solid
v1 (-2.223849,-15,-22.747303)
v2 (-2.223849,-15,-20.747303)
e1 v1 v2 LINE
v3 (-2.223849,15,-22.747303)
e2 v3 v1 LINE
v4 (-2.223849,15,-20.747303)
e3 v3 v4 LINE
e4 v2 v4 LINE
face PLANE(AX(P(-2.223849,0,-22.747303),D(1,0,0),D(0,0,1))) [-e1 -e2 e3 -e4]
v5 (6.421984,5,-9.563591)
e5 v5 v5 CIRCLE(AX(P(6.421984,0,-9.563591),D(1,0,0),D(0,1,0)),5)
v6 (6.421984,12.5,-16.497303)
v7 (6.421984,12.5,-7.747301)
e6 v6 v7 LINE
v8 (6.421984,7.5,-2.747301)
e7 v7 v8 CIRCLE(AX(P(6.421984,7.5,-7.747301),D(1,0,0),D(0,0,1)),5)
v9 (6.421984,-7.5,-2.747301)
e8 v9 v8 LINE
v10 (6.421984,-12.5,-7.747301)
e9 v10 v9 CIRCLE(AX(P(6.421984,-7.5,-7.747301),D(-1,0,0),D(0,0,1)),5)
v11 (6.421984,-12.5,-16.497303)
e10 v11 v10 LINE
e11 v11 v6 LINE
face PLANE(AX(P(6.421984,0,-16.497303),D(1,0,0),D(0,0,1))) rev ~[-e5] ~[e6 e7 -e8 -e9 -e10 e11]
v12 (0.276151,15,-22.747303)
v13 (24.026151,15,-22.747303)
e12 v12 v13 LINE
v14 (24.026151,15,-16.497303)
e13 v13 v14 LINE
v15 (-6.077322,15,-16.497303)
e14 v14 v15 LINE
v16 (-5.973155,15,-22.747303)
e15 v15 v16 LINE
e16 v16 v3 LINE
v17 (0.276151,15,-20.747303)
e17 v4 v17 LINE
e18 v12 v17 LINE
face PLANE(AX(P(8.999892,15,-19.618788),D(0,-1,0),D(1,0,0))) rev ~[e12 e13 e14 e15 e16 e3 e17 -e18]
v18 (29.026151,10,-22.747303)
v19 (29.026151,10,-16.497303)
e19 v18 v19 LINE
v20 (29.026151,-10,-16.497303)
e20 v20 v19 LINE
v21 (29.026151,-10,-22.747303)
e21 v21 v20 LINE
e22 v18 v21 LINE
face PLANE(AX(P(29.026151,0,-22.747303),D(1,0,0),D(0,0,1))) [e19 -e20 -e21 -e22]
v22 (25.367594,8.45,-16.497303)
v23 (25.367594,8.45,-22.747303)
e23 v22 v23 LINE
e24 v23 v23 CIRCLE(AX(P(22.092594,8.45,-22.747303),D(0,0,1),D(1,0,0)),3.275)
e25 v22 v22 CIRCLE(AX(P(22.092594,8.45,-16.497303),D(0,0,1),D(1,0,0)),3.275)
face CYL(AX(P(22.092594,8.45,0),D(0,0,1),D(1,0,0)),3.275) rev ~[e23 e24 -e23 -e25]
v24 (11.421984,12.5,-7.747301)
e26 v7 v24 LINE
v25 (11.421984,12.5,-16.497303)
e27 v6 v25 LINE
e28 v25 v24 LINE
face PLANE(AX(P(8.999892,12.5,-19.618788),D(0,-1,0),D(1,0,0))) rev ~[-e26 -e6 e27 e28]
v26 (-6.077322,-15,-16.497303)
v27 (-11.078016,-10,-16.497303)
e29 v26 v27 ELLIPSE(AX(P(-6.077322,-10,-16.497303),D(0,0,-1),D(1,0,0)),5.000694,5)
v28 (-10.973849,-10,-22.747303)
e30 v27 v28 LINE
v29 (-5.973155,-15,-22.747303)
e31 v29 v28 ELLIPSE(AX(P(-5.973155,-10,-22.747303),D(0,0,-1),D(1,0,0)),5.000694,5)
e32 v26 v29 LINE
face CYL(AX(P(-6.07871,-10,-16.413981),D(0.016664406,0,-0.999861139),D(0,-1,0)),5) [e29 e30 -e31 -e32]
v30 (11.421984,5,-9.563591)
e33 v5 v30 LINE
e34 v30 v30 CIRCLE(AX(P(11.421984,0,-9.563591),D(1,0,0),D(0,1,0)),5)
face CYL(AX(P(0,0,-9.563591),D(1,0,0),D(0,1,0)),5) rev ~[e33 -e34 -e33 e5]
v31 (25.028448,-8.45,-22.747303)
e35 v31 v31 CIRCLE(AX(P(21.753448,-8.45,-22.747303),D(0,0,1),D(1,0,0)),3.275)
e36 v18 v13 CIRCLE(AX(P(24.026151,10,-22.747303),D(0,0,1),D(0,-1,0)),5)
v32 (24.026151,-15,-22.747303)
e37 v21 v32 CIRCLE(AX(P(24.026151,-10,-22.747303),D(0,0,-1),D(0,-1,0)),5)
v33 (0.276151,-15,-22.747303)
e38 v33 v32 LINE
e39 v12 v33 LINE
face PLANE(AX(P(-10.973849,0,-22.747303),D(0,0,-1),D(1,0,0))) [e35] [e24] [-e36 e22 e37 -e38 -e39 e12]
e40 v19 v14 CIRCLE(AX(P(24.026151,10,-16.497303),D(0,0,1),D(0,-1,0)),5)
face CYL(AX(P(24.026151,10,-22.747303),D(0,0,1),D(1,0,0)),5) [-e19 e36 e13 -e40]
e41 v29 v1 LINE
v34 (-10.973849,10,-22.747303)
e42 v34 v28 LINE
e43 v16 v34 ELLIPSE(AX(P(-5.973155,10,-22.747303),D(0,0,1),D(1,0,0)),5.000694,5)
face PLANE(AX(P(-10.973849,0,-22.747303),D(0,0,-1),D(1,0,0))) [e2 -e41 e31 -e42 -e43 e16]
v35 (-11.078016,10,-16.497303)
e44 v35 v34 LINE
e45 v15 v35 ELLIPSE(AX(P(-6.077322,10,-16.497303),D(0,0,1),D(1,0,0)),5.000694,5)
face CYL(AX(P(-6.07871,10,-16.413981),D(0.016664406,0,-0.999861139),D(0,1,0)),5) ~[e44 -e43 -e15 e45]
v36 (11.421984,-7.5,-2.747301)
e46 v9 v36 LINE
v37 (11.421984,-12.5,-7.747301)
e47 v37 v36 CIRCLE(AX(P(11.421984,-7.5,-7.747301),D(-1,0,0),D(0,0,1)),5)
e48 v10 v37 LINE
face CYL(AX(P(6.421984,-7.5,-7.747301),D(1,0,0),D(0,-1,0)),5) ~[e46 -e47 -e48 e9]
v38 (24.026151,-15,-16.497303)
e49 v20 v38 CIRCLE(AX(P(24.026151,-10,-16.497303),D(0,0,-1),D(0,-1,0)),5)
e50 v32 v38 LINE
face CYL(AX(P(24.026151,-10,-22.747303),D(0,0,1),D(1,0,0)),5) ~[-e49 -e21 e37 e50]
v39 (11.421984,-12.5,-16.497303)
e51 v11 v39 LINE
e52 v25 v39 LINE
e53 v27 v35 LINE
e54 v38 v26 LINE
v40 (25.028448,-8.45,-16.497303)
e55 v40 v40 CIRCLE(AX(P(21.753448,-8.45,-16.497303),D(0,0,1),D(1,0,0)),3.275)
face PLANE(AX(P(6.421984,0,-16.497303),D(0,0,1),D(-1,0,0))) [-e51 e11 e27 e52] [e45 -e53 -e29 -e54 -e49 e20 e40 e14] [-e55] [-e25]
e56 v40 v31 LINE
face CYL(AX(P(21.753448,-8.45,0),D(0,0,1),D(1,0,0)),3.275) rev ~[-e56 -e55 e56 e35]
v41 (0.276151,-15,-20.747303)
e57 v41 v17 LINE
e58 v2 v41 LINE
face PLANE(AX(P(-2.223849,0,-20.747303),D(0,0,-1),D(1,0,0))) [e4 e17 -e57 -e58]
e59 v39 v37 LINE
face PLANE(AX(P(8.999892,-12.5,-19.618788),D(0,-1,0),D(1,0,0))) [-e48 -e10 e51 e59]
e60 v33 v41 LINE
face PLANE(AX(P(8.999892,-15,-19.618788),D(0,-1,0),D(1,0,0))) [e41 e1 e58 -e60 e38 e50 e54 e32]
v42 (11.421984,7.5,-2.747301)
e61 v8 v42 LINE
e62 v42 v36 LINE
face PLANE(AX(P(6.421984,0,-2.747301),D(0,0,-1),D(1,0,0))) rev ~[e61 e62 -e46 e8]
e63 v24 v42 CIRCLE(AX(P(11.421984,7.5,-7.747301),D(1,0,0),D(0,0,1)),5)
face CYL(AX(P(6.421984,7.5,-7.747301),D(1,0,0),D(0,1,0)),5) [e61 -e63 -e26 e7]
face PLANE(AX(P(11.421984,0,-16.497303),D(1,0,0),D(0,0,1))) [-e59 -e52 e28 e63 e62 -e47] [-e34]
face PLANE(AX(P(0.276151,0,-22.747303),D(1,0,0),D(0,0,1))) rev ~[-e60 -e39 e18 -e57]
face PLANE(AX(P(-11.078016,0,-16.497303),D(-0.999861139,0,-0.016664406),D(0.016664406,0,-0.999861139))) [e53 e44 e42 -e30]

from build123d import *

# Parameters (mm, degrees)
F1_DEPTH  = 15
F0_W      = 5
F0_H      = 13.750002
F2_DEPTH  = 12.5
F4_R      = 5
F5_R      = 5
F6_R      = 5
F7_R      = 3.275
F8_DEPTH  = 25
F3_W      = 2.5
F3_H      = 2
F9_DEPTH  = 50
F10_R     = 5
F11_DEPTH = 30


with BuildPart() as f1:
    # F0 (on Front) → F1 (new body, symmetric)
    with BuildSketch(Plane.XZ):
        Polygon((6.421984, -16.497303), (-11.078016, -16.497303), (-10.973849, -22.747303), (29.026151, -22.747303), (29.026151, -16.497303), (11.421984, -16.497303), align=None)
    extrude(amount=F1_DEPTH, both=True)

    # F0 (on Front) → F2 (join, symmetric)
    with BuildSketch(Plane.XZ):
        Polygon((6.421984, -16.497303), (-11.078016, -16.497303), (-10.973849, -22.747303), (29.026151, -22.747303), (29.026151, -16.497303), (11.421984, -16.497303), align=None)
        with Locations((8.921984, -9.622302)):
            Rectangle(F0_W, F0_H)
    extrude(amount=F2_DEPTH, both=True)

    # F4
    f4_edges = [f1.edges().sort_by_distance(p)[0] for p in [
        (29.026151, -15, -19.622303),
    ]]
    fillet(f4_edges, radius=F4_R)

    # F5
    f5_edges = [f1.edges().sort_by_distance(p)[0] for p in [
        (29.026151, 15, -19.622303),
        (-11.025932, -15, -19.622303),
        (-11.025932, 15, -19.622303),
    ]]
    fillet(f5_edges, radius=F5_R)

    # F6
    f6_edges = [f1.edges().sort_by_distance(p)[0] for p in [
        (8.921984, 12.5, -2.747301),
        (8.921984, -12.5, -2.747301),
    ]]
    fillet(f6_edges, radius=F6_R)

    # F7 (on Top) → F8 (cut)
    with BuildSketch(Plane.XY):
        with Locations((22.092594, 8.45)):
            Circle(F7_R)
        with Locations((21.753448, -8.45)):
            Circle(F7_R)
    extrude(amount=-F8_DEPTH, mode=Mode.SUBTRACT)

    # F3 (on Front) → F9 (cut, symmetric)
    with BuildSketch(Plane.XZ):
        with Locations((-0.973849, -21.747303)):
            Rectangle(F3_W, F3_H)
    extrude(amount=F9_DEPTH, both=True, mode=Mode.SUBTRACT)

    # F10 (on Right) → F11 (cut, symmetric)
    with BuildSketch(Plane.YZ):
        with Locations((0, -9.563591)):
            Circle(F10_R)
    extrude(amount=F11_DEPTH, both=True, mode=Mode.SUBTRACT)


solid = f1.part
